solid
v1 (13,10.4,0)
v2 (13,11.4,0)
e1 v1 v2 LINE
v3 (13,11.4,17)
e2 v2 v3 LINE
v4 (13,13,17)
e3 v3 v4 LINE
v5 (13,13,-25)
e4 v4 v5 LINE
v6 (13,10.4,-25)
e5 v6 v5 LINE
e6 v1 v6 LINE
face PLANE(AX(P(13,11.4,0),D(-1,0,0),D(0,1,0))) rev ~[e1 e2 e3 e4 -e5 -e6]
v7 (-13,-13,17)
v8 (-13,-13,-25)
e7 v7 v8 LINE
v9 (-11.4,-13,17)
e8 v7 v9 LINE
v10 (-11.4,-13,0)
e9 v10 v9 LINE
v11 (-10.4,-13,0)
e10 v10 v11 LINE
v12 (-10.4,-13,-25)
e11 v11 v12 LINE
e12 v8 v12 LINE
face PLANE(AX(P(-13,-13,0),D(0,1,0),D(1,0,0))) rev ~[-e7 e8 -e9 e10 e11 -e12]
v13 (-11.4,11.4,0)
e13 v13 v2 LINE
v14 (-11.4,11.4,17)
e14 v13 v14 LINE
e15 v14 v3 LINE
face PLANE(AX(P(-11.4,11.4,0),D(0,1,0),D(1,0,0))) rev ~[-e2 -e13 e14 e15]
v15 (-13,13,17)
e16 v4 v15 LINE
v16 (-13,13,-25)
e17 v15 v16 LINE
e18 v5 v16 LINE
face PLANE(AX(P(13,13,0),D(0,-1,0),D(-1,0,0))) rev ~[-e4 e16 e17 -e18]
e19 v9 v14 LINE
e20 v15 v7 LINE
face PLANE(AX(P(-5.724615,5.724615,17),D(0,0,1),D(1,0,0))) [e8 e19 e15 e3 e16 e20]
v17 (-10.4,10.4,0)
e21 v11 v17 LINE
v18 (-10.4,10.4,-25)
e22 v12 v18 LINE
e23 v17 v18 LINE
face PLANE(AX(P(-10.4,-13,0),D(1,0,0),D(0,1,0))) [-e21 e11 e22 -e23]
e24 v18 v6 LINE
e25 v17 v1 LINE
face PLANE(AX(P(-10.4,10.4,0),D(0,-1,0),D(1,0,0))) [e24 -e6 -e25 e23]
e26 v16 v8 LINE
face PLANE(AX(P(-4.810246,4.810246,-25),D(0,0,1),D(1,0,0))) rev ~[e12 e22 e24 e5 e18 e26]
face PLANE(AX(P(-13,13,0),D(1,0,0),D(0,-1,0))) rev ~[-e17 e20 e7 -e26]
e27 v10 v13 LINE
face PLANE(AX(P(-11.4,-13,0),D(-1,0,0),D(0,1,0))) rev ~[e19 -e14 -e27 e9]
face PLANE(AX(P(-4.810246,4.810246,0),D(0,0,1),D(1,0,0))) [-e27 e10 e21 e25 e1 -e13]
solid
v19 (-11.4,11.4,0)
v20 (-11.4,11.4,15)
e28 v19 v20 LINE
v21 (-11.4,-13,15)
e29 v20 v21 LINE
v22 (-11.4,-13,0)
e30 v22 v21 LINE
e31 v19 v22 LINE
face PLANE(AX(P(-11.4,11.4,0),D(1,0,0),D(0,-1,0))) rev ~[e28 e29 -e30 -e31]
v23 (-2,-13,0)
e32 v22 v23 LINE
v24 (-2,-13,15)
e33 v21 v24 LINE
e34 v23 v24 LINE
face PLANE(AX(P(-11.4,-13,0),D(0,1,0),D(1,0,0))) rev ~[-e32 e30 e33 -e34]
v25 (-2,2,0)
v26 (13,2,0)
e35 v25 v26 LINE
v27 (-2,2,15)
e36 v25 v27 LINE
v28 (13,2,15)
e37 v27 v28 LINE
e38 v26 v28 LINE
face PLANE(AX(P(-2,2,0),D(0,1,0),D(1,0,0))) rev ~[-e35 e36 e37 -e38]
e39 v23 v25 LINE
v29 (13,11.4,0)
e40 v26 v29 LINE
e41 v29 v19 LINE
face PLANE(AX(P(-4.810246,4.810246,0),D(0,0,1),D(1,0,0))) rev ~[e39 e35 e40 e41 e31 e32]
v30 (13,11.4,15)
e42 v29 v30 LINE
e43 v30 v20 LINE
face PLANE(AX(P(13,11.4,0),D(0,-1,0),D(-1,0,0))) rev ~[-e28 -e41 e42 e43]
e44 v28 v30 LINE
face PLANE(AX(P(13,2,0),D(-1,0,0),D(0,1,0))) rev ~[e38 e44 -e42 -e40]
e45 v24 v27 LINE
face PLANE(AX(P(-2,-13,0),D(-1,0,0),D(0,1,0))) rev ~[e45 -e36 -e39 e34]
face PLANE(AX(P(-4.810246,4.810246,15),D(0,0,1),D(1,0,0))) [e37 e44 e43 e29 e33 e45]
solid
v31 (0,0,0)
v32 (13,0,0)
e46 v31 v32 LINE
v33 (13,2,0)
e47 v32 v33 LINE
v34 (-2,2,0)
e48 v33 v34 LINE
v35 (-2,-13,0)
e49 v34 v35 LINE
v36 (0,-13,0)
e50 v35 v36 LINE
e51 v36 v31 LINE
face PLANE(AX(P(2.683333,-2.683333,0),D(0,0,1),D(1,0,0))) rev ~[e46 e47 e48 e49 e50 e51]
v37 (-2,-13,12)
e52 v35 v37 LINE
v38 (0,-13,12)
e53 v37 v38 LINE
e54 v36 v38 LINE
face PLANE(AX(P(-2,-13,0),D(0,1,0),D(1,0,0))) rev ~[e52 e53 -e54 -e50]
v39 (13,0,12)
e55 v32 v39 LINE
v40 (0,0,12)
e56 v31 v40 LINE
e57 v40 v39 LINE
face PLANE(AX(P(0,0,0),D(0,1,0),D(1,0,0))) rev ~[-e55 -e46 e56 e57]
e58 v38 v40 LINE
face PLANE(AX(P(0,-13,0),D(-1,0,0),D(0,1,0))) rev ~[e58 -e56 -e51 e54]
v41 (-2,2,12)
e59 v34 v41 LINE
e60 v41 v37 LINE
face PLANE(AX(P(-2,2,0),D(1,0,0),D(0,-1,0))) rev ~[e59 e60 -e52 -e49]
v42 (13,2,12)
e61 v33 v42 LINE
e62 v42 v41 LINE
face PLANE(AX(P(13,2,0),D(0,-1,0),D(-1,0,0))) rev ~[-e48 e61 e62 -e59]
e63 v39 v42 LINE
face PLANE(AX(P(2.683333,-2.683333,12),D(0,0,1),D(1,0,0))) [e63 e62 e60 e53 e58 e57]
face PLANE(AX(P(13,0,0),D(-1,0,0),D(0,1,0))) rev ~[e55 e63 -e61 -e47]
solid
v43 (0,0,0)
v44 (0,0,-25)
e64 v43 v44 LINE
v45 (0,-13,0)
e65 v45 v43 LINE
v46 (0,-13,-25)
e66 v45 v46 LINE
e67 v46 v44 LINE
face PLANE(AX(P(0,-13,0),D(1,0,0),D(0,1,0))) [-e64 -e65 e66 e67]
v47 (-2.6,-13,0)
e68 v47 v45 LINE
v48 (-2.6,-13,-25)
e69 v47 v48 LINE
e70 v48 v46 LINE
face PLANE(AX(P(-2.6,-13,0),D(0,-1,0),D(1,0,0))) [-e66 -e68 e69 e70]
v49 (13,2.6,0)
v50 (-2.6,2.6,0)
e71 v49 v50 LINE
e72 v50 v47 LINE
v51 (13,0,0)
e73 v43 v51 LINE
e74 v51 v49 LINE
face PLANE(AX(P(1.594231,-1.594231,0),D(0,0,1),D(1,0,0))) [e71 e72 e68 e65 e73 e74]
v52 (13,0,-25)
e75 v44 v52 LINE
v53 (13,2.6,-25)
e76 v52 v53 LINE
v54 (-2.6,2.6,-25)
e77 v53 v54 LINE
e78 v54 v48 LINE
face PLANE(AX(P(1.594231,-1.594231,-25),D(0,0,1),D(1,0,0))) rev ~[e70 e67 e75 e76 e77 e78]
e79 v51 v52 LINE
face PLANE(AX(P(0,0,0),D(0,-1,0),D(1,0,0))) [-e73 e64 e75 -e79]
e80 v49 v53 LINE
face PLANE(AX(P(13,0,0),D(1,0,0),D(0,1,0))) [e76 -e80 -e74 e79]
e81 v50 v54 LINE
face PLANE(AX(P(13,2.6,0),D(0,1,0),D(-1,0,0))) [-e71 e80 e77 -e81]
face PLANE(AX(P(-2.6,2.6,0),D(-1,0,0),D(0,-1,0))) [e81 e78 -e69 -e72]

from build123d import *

# Parameters (mm, degrees)
F1_DEPTH = 25
F2_DEPTH = 17
F3_DEPTH = 15
F4_DEPTH = 12


with BuildPart() as f1:
    # F0 (on Top) → F1 (new body)
    with BuildSketch(Plane.XY):
        Polygon((-11.4, -13), (-10.4, -13), (-10.4, 0), (-10.4, 10.4), (0, 10.4), (13, 10.4), (13, 11.4), (0, 11.4), (-11.4, 11.4), (-11.4, 0), align=None)
        Polygon((-13, -13), (-11.4, -13), (-11.4, 0), (-11.4, 11.4), (0, 11.4), (13, 11.4), (13, 13), (0, 13), (-13, 13), (-13, 0), align=None)
        Polygon((-2.6, -13), (-2, -13), (-2, 2), (13, 2), (13, 2.6), (-2.6, 2.6), align=None)
        Polygon((-2, -13), (0, -13), (0, 0), (13, 0), (13, 2), (-2, 2), align=None)
    extrude(amount=-F1_DEPTH)

    # F0 (on Top) → F2 (join)
    with BuildSketch(Plane.XY):
        Polygon((-13, -13), (-11.4, -13), (-11.4, 0), (-11.4, 11.4), (0, 11.4), (13, 11.4), (13, 13), (0, 13), (-13, 13), (-13, 0), align=None)
    extrude(amount=F2_DEPTH)


with BuildPart() as f3:
    # F0 (on Top) → F3 (new body)
    with BuildSketch(Plane.XY):
        Polygon((-11.4, -13), (-10.4, -13), (-10.4, 0), (-10.4, 10.4), (0, 10.4), (13, 10.4), (13, 11.4), (0, 11.4), (-11.4, 11.4), (-11.4, 0), align=None)
        Polygon((-10.4, -13), (-2.6, -13), (-2.6, 2.6), (13, 2.6), (13, 10.4), (0, 10.4), (-10.4, 10.4), (-10.4, 0), align=None)
        Polygon((-2.6, -13), (-2, -13), (-2, 2), (13, 2), (13, 2.6), (-2.6, 2.6), align=None)
    extrude(amount=F3_DEPTH)


with BuildPart() as f4:
    # F0 (on Top) → F4 (new body)
    with BuildSketch(Plane.XY):
        Polygon((-2, -13), (0, -13), (0, 0), (13, 0), (13, 2), (-2, 2), align=None)
    extrude(amount=F4_DEPTH)


solid = Compound([f1.part, f3.part, f4.part])
